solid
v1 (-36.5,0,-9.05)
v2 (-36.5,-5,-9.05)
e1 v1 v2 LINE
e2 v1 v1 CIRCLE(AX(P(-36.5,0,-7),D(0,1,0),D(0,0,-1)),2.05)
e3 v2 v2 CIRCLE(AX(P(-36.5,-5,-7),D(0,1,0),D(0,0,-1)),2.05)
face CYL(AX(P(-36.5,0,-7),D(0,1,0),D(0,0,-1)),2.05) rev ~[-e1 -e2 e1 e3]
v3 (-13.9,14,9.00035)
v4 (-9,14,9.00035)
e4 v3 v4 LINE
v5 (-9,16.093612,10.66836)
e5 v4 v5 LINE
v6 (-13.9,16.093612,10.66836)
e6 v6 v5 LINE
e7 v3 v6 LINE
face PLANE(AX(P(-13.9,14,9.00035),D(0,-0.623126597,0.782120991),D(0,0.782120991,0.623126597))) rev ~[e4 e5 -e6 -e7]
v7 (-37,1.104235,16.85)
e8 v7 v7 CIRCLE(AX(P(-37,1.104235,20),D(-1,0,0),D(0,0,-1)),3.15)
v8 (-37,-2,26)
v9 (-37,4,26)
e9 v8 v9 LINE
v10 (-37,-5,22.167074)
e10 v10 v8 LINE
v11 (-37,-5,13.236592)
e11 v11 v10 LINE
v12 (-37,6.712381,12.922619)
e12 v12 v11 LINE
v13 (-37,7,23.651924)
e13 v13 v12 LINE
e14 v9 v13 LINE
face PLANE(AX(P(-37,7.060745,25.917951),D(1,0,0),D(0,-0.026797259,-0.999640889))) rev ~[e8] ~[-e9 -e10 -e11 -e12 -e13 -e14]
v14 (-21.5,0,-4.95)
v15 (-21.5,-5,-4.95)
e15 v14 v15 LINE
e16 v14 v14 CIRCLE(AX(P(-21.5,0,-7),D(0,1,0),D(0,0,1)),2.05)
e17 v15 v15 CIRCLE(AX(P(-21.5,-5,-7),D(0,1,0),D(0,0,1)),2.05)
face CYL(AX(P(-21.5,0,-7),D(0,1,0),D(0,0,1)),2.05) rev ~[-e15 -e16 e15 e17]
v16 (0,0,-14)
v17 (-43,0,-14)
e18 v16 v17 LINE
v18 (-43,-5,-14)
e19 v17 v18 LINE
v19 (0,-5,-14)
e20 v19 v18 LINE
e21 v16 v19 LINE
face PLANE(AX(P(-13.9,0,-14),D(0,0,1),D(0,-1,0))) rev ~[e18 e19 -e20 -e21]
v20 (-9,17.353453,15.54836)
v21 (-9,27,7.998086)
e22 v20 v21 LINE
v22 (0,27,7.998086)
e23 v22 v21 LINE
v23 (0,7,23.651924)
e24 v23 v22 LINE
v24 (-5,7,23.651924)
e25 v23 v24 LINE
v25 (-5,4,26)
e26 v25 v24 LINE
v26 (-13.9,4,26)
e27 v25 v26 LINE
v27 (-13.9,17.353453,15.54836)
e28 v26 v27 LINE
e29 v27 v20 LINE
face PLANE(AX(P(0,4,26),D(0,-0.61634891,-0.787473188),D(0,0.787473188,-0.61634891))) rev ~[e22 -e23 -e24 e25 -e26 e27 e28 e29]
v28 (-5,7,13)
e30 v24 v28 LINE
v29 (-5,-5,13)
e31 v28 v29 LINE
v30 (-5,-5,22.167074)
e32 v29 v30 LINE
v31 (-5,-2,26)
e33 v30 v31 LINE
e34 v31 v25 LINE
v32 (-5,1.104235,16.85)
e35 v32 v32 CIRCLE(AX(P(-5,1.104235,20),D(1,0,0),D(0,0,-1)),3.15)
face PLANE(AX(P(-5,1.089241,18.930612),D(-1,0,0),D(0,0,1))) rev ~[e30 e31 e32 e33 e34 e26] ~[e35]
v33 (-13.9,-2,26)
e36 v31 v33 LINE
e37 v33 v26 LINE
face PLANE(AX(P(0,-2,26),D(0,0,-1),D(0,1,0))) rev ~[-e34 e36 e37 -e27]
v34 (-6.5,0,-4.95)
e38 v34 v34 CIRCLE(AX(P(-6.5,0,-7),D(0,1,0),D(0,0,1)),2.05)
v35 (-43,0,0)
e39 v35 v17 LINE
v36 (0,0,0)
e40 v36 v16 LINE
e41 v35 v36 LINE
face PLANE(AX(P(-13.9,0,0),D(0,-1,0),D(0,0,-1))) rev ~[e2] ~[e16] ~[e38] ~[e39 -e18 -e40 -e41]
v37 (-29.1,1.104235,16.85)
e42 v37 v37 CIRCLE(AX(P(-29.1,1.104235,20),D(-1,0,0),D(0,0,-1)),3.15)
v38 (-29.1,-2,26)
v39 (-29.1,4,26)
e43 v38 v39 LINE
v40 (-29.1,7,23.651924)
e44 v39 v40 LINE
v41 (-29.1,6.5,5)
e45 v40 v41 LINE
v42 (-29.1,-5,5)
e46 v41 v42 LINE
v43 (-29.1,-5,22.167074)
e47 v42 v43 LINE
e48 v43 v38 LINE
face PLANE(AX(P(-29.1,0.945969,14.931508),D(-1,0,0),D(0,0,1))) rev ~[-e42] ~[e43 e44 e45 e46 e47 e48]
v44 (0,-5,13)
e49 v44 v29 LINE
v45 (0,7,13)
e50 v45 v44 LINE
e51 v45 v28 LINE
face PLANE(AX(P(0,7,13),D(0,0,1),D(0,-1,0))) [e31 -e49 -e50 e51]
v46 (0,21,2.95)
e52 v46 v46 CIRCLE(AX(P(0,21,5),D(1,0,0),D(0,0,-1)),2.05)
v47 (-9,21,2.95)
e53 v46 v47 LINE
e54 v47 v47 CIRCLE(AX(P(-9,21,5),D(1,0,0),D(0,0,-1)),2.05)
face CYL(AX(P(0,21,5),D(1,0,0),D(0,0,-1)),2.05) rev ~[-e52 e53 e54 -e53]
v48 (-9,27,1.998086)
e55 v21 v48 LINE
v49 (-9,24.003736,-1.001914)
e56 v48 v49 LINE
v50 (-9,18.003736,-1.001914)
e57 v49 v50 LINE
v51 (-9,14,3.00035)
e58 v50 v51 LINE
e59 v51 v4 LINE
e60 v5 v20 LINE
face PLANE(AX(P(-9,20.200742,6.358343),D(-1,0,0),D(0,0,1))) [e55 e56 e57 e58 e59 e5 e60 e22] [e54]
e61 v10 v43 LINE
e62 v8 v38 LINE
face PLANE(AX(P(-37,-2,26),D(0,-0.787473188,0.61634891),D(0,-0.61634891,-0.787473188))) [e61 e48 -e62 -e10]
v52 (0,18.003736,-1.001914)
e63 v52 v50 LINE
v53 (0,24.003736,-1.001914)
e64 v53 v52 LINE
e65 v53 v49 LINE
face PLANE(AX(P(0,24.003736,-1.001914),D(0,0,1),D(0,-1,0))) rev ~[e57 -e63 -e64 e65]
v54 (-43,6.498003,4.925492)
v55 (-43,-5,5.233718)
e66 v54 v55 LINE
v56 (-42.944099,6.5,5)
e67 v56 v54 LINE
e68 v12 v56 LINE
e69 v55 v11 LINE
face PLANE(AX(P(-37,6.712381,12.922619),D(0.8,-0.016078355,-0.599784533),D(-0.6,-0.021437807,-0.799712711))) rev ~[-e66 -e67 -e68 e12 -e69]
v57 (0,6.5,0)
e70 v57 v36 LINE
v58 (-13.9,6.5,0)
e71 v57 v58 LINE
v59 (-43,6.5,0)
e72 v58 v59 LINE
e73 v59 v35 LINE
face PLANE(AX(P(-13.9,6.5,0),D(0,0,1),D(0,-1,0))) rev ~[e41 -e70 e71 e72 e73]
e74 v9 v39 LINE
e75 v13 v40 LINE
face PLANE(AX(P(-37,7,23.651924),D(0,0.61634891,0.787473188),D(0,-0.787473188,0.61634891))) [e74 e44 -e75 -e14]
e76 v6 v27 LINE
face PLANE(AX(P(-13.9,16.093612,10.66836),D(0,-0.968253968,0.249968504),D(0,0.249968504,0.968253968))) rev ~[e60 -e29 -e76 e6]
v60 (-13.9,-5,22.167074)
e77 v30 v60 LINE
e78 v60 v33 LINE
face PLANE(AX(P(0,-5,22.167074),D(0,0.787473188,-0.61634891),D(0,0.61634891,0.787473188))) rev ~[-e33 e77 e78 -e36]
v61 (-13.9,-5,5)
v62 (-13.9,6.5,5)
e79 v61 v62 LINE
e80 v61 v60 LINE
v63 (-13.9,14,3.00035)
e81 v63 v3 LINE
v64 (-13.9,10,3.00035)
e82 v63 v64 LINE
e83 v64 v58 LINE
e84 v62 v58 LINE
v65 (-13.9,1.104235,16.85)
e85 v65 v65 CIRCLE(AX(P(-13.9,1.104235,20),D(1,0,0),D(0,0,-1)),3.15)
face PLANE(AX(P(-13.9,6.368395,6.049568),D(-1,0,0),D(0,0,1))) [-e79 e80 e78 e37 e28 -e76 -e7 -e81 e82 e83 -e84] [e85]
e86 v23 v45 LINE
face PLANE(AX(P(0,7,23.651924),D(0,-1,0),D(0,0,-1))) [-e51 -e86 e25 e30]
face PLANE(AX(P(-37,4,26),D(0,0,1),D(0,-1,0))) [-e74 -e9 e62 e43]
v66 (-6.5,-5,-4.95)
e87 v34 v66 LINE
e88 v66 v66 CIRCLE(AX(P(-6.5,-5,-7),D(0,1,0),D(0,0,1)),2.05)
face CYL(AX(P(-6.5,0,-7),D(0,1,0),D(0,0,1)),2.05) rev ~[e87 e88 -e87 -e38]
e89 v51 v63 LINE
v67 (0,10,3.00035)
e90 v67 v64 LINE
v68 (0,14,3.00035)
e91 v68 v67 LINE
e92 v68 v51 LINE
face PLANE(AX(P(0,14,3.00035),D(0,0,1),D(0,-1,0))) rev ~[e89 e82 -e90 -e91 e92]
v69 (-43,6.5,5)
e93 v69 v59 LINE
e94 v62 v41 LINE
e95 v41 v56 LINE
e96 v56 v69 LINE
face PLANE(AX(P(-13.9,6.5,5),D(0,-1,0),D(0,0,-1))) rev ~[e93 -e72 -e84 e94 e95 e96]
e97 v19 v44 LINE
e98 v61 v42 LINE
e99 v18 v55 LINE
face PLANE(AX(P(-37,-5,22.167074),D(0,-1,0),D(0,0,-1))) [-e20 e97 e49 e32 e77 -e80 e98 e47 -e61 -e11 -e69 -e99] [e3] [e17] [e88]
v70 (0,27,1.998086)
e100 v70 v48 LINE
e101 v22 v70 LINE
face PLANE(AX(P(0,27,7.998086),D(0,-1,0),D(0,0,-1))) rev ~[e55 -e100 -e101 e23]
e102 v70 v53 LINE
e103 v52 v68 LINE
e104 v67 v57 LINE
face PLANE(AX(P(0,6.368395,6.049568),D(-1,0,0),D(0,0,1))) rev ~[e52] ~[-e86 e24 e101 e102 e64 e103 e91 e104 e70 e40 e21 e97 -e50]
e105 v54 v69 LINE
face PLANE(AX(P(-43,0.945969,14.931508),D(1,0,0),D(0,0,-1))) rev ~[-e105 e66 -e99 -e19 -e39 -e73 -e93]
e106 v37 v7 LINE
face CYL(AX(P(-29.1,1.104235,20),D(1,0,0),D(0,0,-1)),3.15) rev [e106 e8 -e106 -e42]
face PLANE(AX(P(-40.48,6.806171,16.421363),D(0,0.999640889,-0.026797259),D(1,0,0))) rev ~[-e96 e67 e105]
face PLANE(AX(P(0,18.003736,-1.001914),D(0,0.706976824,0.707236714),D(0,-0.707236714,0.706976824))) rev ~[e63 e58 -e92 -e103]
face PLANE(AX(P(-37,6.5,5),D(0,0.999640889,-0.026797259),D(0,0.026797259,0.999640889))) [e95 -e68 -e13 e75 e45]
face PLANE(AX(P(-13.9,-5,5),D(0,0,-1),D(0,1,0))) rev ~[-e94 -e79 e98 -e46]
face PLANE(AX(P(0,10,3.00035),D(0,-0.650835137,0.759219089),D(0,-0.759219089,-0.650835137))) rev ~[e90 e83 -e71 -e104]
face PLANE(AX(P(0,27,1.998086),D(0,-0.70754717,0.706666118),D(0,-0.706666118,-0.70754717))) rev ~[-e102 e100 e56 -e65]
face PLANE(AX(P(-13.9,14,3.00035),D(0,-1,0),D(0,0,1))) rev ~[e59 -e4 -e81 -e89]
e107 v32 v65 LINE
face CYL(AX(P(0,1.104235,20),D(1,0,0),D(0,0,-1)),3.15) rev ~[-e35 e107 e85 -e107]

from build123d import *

# Parameters (mm, degrees)
SKETCH1_R           = 3.15
SKETCH1_R_2         = 2.05
BOSS_EXTRUDE1_DEPTH = 13.9
CUT_EXTRUDE1_DEPTH  = 5
CUT_EXTRUDE2_DEPTH  = 4.9
BOSS_EXTRUDE2_DEPTH = 29.1
BOSS_EXTRUDE3_START = 15.2
SKETCH6_R           = 3.15
BOSS_EXTRUDE3_DEPTH = 7.9
BOSS_EXTRUDE4_DEPTH = 6
CUT_EXTRUDE3_DEPTH  = 23
SKETCH9_R           = 2.05
CUT_EXTRUDE4_DEPTH  = 23


with BuildPart() as part:
    # Sketch1 → Boss-Extrude1 (new body)
    with BuildSketch(Plane(origin=(0, 0, 0), x_dir=(0, 0, -1), z_dir=(1, 0, 0))):
        Polygon((0, 0), (14, 0), (14, -5), (-22.167074323, -5), (-26, -2), (-26, 4), (-7.998085585, 27), (-1.998085585, 27), (1.001914415, 24.003735659), (1.001914415, 18.003735659), (-3.00034998, 14), (-3.00034998, 10), (0, 6.5), align=None)
        with Locations((-20, 1.104234986)):
            Circle(SKETCH1_R, mode=Mode.SUBTRACT)
        with Locations((-5, 21)):
            Circle(SKETCH1_R_2, mode=Mode.SUBTRACT)
    extrude(amount=-BOSS_EXTRUDE1_DEPTH)

    # Sketch2 → Cut-Extrude1 (cut)
    with BuildSketch(Plane(origin=(0, 0, 0), x_dir=(0, 0, -1), z_dir=(1, 0, 0))):
        Polygon((-23.651924207, 7), (-13, 7), (-13, -5), (-22.167074323, -5), (-26, -2), (-26, 4), align=None)
    extrude(amount=-CUT_EXTRUDE1_DEPTH, mode=Mode.SUBTRACT)

    # Sketch4 → Cut-Extrude2 (cut)
    with BuildSketch(Plane.ZY.offset(13.9)):
        Polygon((3.00034998, 14), (9.00034998, 14), (10.668359731, 16.093612192), (15.548359731, 17.353453452), (7.998085585, 27), (1.998085585, 27), (-1.001914415, 24.003735659), (-1.001914415, 18.003735659), align=None)
    extrude(amount=-CUT_EXTRUDE2_DEPTH, mode=Mode.SUBTRACT)

    # Sketch5 → Boss-Extrude2 (add)
    with BuildSketch(Plane.ZY.offset(13.9)):
        Polygon((0, 0), (-14, 0), (-14, -5), (5, -5), (5, 6.5), (0, 6.5), align=None)
    extrude(amount=BOSS_EXTRUDE2_DEPTH)

    # Sketch6 → Boss-Extrude3 (add)
    with BuildSketch(Plane.ZY.offset(13.9).offset(BOSS_EXTRUDE3_START)):
        Polygon((5, 6.5), (5, -5), (22.167074323, -5), (26, -2), (26, 4), (23.651924207, 7), align=None)
        with Locations(Location((20, 1.104234986, 0), (0, 0, 180))):
            Circle(SKETCH6_R, mode=Mode.SUBTRACT)
    extrude(amount=BOSS_EXTRUDE3_DEPTH)

    # Sketch7 → Boss-Extrude4 (add)
    with BuildSketch(Plane.ZY.offset(37)):
        Polygon((5, 6.5), (23.651924207, 7), (26, 4), (26, -2), (22.167074323, -5), (5, -5), align=None)
    extrude(amount=BOSS_EXTRUDE4_DEPTH)

    # Sketch8 → Cut-Extrude3 (cut)
    with BuildSketch(Plane(origin=(0, 6.361394216, -0.170529168), x_dir=(1, 0, 0), z_dir=(0, 0.9996408889737135, -0.026797259036029572))):
        Polygon((-37, -26.097852149), (-37, -13.097852149), (-43, -5.097852149), (-43, -26.097852149), align=None)
    extrude(amount=-CUT_EXTRUDE3_DEPTH, mode=Mode.SUBTRACT)

    # Sketch9 → Cut-Extrude4 (cut)
    with BuildSketch(Plane(origin=(0, 0, 0), x_dir=(1, 0, 0), z_dir=(0, 1, 0))):
        with Locations(Location((-21.5, 7, 0), (0, 0, 270))):
            Circle(SKETCH9_R)
        with Locations(Location((-6.5, 7, 0), (0, 0, 270))):
            Circle(SKETCH9_R)
        with Locations(Location((-36.5, 7, 0), (0, 0, 90))):
            Circle(SKETCH9_R)
    extrude(amount=-CUT_EXTRUDE4_DEPTH, mode=Mode.SUBTRACT)


solid = part.part
